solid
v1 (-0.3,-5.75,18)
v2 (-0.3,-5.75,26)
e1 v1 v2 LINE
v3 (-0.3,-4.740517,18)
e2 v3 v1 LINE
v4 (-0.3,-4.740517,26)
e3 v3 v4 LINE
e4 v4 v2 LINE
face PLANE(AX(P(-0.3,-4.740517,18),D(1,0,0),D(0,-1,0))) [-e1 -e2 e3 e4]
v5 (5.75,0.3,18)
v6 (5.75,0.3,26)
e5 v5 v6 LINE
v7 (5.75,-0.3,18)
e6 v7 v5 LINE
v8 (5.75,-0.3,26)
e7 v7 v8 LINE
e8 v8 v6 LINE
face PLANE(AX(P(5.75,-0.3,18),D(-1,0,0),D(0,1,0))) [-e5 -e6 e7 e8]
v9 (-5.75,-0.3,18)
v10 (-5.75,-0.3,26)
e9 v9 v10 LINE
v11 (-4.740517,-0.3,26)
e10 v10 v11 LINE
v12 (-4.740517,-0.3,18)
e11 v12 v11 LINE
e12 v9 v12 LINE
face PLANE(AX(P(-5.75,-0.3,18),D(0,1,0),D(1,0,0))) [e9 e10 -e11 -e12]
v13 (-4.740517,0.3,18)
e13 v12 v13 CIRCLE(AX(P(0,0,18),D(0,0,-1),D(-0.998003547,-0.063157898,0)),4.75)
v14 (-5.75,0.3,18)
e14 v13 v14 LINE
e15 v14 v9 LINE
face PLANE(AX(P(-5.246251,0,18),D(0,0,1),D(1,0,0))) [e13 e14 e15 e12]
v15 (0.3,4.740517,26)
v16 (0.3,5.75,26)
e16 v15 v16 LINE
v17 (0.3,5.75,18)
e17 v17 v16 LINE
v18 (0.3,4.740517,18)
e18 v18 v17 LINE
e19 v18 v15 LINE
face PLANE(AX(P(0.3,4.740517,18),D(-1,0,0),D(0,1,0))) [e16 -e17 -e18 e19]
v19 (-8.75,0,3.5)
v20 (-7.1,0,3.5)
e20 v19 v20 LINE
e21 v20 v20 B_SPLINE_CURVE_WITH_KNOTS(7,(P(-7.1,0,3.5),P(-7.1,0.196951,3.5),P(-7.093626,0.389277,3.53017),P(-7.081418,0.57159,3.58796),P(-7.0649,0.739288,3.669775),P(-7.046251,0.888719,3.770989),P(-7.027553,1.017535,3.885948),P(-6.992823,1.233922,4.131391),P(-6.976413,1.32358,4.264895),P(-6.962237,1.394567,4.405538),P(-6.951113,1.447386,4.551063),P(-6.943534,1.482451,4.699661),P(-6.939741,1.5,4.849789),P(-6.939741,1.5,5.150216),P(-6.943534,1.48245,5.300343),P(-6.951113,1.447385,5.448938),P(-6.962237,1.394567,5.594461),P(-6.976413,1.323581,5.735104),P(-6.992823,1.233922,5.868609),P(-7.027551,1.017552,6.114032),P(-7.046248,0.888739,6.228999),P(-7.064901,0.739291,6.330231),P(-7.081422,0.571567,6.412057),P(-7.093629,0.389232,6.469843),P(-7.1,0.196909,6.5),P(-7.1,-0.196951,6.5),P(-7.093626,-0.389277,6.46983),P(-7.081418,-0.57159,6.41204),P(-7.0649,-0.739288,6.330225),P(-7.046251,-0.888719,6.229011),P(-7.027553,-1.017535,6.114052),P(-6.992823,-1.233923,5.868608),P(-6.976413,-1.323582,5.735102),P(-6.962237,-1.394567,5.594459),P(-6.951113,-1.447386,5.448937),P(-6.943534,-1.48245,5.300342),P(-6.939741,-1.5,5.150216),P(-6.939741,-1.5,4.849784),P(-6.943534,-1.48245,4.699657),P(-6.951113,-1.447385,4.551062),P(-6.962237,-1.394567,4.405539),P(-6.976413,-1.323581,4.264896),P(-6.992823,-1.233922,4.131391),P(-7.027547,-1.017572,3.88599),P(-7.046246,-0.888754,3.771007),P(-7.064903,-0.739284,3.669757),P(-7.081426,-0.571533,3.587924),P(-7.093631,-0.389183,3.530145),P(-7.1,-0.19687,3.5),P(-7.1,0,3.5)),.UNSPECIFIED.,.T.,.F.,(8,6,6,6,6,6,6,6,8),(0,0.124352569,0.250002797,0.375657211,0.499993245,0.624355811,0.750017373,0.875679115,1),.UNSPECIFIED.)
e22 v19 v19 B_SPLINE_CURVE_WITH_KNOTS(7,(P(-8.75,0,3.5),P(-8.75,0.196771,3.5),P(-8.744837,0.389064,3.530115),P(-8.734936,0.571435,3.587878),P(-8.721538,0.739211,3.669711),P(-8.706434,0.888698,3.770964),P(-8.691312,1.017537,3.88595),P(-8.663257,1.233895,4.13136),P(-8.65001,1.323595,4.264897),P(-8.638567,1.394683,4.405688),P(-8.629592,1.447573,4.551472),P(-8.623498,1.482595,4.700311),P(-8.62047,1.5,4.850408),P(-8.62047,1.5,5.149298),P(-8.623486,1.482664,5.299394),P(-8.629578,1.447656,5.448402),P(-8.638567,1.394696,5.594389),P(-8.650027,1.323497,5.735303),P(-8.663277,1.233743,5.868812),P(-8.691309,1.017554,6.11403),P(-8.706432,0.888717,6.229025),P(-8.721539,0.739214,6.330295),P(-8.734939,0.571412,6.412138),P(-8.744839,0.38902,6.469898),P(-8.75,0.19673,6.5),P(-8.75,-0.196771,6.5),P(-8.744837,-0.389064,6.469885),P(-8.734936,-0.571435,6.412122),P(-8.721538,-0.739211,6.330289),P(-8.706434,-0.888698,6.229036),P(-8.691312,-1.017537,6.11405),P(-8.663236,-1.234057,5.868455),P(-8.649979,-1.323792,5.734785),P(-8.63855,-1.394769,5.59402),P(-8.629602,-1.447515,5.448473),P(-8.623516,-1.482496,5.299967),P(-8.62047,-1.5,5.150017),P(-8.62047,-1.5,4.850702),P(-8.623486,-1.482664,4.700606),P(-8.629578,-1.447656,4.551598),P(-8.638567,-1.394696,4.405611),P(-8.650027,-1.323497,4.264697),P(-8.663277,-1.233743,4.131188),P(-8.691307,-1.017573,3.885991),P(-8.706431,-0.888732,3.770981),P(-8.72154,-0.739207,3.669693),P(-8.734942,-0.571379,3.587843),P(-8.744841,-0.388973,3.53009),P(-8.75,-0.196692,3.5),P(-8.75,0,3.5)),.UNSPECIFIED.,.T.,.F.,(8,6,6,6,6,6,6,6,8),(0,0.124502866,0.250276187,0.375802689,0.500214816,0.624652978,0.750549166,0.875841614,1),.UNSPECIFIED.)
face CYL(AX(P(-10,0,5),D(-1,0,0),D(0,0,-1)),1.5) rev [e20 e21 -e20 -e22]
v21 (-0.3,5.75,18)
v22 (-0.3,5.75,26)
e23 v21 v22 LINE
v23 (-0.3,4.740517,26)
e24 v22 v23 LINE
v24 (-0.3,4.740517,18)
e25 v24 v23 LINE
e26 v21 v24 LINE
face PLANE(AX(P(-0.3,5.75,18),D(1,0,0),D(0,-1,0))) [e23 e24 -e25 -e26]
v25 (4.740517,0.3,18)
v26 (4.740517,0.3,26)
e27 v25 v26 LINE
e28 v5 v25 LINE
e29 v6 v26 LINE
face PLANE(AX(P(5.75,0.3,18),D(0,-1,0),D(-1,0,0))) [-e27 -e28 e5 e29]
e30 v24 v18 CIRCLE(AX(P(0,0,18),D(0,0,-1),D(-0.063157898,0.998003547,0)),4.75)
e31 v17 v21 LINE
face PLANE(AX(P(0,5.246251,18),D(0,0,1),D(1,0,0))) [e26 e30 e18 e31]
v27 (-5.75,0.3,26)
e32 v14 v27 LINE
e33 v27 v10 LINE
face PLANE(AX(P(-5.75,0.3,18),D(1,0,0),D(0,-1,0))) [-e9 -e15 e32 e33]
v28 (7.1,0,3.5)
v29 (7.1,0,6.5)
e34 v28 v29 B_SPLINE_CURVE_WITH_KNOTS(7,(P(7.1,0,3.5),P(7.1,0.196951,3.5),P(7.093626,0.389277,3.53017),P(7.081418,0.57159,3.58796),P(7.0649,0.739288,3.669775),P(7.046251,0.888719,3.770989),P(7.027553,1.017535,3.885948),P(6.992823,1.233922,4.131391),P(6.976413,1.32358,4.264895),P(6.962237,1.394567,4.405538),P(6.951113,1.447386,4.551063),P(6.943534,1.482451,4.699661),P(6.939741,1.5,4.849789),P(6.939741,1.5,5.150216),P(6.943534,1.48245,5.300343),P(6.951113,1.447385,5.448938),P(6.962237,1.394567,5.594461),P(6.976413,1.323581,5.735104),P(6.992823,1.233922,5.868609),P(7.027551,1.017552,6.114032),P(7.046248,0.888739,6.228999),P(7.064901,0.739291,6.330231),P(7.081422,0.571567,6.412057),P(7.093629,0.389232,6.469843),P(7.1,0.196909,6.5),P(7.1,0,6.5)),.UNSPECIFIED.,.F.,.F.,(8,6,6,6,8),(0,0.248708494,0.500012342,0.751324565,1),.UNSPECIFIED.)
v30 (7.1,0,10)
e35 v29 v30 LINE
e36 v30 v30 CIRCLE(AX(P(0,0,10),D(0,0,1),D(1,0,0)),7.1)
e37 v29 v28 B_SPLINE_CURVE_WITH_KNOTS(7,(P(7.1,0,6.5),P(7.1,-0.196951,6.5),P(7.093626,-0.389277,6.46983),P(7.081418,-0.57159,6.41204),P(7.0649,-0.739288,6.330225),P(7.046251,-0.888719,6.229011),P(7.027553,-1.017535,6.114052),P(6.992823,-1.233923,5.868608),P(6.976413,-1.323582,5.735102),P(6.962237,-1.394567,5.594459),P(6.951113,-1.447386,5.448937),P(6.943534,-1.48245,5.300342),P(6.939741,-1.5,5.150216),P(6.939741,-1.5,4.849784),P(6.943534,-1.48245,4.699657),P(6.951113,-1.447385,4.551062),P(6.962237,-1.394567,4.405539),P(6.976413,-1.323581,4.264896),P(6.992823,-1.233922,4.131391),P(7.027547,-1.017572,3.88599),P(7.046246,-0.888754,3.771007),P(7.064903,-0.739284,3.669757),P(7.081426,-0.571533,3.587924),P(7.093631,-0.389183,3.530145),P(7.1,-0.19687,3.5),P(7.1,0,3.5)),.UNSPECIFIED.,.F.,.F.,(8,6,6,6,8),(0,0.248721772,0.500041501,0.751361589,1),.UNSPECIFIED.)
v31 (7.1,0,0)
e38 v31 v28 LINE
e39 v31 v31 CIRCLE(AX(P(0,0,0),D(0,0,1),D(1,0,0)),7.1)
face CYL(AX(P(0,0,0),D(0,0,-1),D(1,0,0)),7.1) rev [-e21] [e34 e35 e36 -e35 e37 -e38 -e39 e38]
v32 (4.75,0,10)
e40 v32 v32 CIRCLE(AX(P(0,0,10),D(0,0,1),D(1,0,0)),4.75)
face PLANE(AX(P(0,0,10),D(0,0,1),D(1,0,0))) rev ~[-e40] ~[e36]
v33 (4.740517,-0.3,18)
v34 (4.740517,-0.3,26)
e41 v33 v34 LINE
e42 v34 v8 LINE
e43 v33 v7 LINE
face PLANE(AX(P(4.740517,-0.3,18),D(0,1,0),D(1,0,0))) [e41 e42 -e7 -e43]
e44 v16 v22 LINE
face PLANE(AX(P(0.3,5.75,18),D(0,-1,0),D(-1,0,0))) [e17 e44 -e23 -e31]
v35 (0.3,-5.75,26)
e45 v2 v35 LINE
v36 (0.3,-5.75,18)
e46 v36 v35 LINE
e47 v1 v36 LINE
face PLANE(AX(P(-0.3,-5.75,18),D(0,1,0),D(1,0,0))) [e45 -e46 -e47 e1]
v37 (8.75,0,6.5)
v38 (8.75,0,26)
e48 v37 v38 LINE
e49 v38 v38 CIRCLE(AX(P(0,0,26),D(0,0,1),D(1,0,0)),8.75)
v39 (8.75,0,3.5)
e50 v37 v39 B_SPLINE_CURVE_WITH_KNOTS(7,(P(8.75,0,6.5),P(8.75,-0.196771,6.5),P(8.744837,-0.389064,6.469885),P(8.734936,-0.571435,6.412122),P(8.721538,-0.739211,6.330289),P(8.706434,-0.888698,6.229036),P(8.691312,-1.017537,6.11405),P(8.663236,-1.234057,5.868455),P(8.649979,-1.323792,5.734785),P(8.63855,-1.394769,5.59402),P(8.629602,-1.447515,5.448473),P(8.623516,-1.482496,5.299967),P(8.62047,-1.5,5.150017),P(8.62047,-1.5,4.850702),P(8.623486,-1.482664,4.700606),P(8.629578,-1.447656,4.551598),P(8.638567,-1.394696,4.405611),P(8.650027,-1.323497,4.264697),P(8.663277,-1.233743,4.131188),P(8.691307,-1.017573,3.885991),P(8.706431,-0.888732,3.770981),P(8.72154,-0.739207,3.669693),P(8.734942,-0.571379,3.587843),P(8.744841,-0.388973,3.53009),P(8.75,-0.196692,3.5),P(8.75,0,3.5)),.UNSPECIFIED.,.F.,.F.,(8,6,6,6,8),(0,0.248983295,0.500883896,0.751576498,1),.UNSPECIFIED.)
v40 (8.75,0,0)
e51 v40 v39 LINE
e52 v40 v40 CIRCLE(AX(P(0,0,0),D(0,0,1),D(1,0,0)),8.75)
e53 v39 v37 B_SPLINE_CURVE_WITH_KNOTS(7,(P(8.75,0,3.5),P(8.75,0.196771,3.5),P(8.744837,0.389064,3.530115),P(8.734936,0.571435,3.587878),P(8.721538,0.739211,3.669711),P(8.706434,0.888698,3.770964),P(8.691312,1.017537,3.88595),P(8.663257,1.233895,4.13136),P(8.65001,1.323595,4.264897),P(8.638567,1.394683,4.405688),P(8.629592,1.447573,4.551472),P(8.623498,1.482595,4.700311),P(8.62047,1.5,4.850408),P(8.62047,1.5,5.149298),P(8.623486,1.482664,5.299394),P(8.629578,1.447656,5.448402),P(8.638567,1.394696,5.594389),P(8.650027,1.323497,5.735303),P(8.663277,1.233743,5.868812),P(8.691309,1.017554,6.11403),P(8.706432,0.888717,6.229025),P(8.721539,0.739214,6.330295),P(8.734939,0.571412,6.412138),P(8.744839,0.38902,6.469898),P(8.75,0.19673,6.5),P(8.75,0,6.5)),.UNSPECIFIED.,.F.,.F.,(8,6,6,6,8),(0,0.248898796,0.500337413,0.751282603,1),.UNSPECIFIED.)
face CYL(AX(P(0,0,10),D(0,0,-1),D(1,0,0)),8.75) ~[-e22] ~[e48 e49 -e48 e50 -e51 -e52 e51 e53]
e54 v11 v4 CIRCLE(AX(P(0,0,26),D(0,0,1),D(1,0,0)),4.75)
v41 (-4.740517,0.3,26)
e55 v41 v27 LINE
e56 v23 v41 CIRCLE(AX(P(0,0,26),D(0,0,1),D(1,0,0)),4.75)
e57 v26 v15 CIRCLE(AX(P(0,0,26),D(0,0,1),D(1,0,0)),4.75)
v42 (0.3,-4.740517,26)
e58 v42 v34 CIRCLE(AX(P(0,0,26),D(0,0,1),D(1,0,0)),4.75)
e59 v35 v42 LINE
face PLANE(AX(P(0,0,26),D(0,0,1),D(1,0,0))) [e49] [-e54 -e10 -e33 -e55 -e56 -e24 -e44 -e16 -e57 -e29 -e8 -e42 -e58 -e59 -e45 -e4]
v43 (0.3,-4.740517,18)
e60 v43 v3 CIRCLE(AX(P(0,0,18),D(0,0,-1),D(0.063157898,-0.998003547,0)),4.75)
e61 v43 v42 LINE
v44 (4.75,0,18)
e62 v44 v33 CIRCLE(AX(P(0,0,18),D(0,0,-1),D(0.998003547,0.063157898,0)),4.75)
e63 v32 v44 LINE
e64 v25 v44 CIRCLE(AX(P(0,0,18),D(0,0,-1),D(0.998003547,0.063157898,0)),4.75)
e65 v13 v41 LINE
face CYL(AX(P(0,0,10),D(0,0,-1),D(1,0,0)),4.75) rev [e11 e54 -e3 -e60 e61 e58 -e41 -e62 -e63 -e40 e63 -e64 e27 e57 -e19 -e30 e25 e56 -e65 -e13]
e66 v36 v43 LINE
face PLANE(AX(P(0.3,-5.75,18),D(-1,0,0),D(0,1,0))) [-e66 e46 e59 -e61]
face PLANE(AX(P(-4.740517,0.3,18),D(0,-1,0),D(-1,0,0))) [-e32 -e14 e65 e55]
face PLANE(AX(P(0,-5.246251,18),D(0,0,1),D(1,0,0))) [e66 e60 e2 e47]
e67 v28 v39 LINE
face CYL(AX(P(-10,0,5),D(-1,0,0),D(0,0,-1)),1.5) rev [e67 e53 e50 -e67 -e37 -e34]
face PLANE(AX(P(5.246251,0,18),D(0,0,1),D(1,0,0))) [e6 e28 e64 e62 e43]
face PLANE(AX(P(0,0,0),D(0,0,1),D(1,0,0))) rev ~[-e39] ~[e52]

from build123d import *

# Parameters (mm, degrees)
SKETCH_1_R               = 8.75
SKETCH_1_R_2             = 7.1
EXTRUDE_1_DEPTH          = 10
CUT_EXTRUDE_1_DEPTH      = 20
CUT_EXTRUDE_1_DEPTH_BACK = 10
SKETCH_2_R               = 1.5
SKETCH_3_R               = 8.75
SKETCH_3_R_2             = 4.75
EXTRUDE_2_DEPTH          = 16
CUT_EXTRUDE_START        = -8
CUT_EXTRUDE_2_DEPTH      = 8


with BuildPart() as part:
    # 草图1 → 凸台-拉伸1 (new body)
    with BuildSketch(Plane.XY):
        Circle(SKETCH_1_R)
        Circle(SKETCH_1_R_2, mode=Mode.SUBTRACT)
    extrude(amount=EXTRUDE_1_DEPTH)

    # 草图2 → 切除-拉伸1 (cut, two sides: drawn at the far end of the back side and taken through both)
    with BuildSketch(Plane(origin=(0, 0, 0), x_dir=(0, 0, -1), z_dir=(1, 0, 0)).offset(-CUT_EXTRUDE_1_DEPTH_BACK)):
        with Locations((-5, 0)):
            Circle(SKETCH_2_R)
    extrude(amount=CUT_EXTRUDE_1_DEPTH + CUT_EXTRUDE_1_DEPTH_BACK, mode=Mode.SUBTRACT)

    # 草图3 → 凸台-拉伸2 (add)
    with BuildSketch(Plane.XY.offset(10)):
        Circle(SKETCH_3_R)
        Circle(SKETCH_3_R_2, mode=Mode.SUBTRACT)
    extrude(amount=EXTRUDE_2_DEPTH)

    # 草图4 → 切除-拉伸2 (cut)
    with BuildSketch(Plane.XY.offset(26).offset(CUT_EXTRUDE_START)):
        with BuildLine():
            Line((-0.3, -4.740516849), (-0.3, -5.75))
            Line((-0.3, -5.75), (0.3, -5.75))
            Line((0.3, -5.75), (0.3, -4.740516849))
            ThreePointArc((0.3, -4.740516849), (0, -4.75), (-0.3, -4.740516849))
        make_face()
        with BuildLine():
            Line((-5.75, -0.3), (-4.740516849, -0.3))
            ThreePointArc((-4.740516849, -0.3), (-4.75, 0), (-4.740516849, 0.3))
            Line((-4.740516849, 0.3), (-5.75, 0.3))
            Line((-5.75, 0.3), (-5.75, -0.3))
        make_face()
        with BuildLine():
            Line((-0.3, 5.75), (-0.3, 4.740516849))
            ThreePointArc((-0.3, 4.740516849), (0, 4.75), (0.3, 4.740516849))
            Line((0.3, 4.740516849), (0.3, 5.75))
            Line((0.3, 5.75), (-0.3, 5.75))
        make_face()
        with BuildLine():
            Line((5.75, 0.3), (4.740516849, 0.3))
            ThreePointArc((4.740516849, 0.3), (4.75, 0), (4.740516849, -0.3))
            Line((4.740516849, -0.3), (5.75, -0.3))
            Line((5.75, -0.3), (5.75, 0.3))
        make_face()
    extrude(amount=CUT_EXTRUDE_2_DEPTH, mode=Mode.SUBTRACT)


solid = part.part
